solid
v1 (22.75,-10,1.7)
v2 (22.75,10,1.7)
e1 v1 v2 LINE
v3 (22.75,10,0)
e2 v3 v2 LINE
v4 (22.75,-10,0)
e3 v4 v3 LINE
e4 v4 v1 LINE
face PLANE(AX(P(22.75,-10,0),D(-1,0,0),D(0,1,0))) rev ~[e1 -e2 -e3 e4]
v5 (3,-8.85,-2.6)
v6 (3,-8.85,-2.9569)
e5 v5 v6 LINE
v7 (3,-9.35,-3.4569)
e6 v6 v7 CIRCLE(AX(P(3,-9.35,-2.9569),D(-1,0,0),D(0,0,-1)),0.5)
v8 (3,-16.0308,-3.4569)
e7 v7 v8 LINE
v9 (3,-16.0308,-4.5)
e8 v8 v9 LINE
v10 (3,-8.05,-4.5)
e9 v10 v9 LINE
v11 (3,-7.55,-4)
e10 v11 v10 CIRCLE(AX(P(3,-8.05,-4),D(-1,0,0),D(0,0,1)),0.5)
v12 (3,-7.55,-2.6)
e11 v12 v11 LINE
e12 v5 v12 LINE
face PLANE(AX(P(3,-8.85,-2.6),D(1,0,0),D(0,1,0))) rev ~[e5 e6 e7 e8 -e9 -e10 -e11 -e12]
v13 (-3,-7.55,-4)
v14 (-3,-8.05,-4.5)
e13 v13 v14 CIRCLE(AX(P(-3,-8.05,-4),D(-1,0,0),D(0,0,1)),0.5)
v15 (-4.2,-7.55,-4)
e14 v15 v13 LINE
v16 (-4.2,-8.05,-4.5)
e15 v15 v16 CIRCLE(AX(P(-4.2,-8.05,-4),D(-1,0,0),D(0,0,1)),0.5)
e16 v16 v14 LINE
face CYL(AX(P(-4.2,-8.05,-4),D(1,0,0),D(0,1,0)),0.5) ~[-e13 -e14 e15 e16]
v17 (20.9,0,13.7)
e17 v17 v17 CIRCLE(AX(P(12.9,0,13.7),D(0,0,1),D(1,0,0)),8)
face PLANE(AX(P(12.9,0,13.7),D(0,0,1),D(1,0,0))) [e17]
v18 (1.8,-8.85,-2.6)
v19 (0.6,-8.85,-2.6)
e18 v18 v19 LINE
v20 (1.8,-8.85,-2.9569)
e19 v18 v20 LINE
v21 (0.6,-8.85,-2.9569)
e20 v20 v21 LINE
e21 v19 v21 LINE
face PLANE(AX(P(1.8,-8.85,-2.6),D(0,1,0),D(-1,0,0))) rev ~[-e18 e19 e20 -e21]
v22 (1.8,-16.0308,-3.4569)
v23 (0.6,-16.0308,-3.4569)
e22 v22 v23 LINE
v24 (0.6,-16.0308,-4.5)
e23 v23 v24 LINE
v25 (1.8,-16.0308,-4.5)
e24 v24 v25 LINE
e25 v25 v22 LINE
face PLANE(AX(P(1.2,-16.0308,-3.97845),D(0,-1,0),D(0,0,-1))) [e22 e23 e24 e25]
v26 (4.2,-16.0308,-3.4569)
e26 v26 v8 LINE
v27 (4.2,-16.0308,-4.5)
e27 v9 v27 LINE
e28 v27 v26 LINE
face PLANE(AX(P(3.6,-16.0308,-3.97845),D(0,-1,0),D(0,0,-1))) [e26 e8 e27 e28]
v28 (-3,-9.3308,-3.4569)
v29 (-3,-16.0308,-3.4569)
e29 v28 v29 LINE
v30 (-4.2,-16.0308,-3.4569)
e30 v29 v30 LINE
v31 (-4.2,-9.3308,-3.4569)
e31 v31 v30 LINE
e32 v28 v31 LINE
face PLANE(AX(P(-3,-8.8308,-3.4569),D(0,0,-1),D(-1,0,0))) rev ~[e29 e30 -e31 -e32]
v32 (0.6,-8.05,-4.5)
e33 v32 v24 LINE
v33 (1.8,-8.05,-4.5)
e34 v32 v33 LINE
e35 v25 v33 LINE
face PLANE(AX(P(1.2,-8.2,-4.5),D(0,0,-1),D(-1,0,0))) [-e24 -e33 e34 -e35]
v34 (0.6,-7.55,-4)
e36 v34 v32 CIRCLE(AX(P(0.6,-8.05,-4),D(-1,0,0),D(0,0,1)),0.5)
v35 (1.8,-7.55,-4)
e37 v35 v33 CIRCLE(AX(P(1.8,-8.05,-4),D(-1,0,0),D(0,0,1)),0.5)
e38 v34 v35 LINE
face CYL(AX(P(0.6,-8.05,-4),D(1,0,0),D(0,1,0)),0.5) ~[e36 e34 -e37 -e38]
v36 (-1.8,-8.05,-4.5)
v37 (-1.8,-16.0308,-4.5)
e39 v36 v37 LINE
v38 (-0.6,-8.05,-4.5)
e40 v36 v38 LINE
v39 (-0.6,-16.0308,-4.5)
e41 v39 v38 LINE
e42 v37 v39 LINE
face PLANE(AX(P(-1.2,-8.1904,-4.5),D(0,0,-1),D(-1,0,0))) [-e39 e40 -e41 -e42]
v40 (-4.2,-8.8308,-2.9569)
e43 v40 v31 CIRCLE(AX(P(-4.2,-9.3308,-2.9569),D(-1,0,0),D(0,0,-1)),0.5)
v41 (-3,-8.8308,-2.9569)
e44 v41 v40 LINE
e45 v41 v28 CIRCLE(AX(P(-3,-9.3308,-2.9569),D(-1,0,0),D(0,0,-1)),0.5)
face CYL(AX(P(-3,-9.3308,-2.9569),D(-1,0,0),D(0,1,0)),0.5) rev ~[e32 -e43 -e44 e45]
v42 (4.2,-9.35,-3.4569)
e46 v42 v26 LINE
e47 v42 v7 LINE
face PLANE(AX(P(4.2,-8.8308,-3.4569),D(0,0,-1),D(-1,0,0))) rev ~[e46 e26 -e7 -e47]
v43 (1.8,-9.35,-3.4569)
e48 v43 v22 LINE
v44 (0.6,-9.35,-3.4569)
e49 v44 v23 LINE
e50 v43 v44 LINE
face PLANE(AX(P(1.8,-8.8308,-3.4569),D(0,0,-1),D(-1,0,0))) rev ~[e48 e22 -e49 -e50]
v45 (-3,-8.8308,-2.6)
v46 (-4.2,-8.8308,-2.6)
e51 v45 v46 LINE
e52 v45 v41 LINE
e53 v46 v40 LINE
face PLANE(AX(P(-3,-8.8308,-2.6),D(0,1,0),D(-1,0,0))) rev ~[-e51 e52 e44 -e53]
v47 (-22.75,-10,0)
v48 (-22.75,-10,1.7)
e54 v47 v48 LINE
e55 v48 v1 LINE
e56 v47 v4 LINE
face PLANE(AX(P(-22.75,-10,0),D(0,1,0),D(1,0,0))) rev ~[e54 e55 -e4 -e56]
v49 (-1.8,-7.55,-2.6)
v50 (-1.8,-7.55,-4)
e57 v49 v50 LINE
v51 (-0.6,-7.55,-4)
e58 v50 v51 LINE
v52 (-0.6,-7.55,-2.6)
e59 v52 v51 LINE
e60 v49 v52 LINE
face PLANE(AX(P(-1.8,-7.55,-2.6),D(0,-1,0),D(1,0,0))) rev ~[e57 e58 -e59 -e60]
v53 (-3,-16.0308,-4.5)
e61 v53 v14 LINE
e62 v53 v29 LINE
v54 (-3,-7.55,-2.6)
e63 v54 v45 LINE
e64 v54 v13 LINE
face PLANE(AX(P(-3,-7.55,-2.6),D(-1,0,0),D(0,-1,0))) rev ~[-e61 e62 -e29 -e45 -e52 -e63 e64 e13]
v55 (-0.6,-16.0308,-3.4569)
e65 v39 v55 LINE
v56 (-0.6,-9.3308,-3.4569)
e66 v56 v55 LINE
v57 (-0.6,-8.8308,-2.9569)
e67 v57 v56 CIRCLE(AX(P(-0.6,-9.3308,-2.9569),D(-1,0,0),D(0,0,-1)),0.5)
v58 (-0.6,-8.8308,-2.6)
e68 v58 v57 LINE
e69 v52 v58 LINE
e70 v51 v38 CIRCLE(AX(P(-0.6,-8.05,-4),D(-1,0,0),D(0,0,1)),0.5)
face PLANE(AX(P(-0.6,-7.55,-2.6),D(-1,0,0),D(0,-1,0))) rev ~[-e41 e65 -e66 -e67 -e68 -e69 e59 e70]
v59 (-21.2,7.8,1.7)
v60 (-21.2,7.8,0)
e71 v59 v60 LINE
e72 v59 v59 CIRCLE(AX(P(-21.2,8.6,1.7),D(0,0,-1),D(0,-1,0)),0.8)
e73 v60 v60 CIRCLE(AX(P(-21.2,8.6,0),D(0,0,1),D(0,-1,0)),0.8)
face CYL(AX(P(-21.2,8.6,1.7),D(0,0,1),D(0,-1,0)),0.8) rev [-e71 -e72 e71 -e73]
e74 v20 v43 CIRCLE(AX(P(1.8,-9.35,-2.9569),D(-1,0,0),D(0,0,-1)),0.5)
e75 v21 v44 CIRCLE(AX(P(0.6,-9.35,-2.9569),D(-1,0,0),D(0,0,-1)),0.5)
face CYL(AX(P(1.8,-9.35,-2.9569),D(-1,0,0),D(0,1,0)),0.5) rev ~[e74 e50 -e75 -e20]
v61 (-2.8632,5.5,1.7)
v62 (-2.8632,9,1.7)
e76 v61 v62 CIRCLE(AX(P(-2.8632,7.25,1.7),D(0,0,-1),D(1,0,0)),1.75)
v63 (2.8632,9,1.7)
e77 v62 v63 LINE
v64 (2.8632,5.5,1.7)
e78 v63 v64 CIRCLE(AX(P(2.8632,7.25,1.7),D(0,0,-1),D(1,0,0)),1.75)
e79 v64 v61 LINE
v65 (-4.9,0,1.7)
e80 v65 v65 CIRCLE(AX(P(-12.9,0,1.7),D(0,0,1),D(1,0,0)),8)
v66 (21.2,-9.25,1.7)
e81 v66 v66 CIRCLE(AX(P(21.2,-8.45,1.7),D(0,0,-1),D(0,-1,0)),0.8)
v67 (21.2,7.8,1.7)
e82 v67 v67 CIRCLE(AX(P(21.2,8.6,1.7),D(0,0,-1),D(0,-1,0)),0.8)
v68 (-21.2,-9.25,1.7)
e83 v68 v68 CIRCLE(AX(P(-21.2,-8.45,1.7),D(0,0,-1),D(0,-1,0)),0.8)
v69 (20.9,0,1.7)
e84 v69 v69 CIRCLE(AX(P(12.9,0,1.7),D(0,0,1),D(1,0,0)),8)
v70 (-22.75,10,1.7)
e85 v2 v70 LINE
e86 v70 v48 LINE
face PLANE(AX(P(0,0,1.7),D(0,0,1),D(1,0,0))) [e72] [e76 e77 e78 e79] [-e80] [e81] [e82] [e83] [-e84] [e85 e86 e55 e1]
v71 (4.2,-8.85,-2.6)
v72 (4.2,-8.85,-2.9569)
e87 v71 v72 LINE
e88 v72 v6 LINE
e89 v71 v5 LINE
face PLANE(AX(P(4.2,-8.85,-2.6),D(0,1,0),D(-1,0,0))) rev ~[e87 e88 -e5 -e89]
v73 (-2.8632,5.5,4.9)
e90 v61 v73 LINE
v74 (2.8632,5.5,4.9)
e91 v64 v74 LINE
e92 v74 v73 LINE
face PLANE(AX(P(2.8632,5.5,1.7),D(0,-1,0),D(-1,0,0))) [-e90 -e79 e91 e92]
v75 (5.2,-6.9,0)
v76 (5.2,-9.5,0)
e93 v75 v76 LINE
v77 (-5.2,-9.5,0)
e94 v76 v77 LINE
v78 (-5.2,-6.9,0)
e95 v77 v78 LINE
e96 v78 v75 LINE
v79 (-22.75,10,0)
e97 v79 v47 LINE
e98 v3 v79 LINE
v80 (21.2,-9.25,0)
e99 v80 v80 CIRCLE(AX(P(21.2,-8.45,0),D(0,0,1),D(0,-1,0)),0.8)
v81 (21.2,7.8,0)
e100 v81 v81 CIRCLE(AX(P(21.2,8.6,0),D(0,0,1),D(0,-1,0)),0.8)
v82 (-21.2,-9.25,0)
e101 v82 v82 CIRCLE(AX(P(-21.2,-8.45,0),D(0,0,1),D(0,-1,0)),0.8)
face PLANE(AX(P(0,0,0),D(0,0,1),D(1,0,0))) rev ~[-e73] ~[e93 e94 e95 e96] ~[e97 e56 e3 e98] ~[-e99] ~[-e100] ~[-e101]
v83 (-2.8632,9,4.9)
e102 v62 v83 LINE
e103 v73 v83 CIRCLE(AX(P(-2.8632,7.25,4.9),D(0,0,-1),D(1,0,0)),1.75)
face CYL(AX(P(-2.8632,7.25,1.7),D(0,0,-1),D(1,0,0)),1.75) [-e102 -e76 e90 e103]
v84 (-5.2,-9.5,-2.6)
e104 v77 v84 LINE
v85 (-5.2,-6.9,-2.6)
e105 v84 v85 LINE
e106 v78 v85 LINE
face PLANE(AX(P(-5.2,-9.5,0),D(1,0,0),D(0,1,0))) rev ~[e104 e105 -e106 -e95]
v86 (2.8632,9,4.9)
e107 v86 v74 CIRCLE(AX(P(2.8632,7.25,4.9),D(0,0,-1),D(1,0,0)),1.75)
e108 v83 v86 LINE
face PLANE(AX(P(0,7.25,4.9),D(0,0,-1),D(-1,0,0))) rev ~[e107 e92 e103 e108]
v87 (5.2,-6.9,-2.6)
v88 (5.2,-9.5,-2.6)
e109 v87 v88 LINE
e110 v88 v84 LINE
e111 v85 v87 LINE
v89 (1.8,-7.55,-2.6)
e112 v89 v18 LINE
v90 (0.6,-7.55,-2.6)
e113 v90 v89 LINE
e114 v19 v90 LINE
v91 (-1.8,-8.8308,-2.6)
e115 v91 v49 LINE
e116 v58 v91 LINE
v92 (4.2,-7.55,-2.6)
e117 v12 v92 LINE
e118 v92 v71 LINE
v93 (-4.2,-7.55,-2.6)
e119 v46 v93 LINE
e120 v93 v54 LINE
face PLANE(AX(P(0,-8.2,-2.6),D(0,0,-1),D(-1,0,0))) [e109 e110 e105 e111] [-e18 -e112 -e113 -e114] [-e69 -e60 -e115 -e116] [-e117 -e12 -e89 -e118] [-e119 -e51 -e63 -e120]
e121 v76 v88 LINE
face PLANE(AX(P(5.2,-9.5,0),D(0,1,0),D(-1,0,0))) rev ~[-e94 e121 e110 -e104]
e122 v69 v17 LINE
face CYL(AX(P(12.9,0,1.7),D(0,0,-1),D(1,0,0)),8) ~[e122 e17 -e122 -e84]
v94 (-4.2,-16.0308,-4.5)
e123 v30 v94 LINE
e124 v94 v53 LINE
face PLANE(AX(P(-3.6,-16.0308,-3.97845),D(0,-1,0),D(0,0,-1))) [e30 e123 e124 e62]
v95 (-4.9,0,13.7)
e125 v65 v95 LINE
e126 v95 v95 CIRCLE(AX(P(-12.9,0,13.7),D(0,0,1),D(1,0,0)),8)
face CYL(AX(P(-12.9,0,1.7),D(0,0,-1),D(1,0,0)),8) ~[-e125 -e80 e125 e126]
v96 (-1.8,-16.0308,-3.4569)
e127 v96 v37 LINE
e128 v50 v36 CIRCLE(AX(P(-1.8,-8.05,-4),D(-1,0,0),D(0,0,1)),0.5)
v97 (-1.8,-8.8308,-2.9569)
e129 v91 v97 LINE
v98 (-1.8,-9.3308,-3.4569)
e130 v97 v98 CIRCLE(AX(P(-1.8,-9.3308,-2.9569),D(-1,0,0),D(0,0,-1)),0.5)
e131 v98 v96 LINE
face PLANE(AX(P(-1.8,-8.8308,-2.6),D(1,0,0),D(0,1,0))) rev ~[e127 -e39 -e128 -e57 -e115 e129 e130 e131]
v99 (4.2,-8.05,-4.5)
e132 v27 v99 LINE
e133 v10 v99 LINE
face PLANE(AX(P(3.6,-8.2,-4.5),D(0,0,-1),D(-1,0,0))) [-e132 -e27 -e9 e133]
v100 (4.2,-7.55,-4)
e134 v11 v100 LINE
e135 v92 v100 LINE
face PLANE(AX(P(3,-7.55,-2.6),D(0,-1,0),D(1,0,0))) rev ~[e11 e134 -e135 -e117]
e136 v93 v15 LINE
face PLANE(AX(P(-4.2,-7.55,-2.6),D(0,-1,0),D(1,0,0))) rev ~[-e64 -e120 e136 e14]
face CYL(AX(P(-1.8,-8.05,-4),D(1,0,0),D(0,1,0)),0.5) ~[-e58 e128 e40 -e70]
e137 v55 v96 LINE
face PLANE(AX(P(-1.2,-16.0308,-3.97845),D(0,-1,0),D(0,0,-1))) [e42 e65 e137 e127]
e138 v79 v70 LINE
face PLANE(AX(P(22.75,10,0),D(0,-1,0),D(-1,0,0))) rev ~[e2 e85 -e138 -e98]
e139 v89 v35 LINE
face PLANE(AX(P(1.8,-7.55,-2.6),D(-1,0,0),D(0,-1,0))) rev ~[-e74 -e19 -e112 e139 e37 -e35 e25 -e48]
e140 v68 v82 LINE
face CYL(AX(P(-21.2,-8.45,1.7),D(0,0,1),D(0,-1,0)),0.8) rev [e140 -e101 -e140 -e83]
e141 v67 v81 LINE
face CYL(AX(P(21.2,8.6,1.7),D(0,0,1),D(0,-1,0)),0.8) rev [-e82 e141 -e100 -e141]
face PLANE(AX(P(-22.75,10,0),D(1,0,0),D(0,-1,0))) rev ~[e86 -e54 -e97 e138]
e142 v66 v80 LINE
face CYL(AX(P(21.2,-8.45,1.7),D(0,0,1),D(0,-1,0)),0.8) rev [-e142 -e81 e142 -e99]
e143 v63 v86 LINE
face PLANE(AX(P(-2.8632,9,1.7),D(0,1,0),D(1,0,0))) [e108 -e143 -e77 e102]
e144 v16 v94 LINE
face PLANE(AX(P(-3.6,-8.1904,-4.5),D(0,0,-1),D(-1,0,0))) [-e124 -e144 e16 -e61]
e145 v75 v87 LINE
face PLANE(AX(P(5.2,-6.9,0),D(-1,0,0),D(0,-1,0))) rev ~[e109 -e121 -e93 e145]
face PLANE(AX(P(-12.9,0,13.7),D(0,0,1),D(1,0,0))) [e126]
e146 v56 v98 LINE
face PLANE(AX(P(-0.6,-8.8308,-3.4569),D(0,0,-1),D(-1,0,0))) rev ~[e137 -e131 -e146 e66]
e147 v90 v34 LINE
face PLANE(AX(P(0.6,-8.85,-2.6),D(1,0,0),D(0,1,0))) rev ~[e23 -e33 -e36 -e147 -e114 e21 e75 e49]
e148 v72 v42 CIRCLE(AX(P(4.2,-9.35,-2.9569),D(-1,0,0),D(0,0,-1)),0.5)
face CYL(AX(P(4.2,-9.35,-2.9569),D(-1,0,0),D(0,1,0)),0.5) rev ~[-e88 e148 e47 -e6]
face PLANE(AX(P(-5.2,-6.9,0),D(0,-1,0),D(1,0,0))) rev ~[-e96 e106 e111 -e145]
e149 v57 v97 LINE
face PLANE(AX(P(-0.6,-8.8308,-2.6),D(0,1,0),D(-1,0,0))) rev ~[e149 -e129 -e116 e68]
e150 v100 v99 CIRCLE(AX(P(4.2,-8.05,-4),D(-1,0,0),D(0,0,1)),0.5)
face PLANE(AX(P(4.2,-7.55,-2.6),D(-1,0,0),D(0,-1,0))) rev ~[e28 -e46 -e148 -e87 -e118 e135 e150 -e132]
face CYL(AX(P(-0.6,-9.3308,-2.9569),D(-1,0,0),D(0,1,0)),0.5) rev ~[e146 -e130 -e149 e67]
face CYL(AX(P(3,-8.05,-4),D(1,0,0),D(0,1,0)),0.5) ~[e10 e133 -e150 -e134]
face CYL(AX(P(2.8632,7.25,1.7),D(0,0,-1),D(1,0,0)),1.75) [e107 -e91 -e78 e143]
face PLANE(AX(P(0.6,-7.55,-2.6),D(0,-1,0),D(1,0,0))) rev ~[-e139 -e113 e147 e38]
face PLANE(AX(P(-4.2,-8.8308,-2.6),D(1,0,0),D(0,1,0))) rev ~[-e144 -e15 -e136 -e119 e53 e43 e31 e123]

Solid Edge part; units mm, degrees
sketch "Sketch1" plane through (0, 0, 0) normal (0, 0, 1) x (1, 0, 0)
  line L0 (-22.75, -10) -> (22.75, -10)
  line L1 (22.75, -10) -> (22.75, 10)
  line L2 (22.75, 10) -> (-22.75, 10)
  line L3 (-22.75, 10) -> (-22.75, -10)
  dimension "D1" = 20
  dimension "D2" = 45.5
extrude "Protrusion1" add sketch "Sketch1" along normal blind 1.7
sketch "Sketch2" plane through (0, 0, 1.7) normal (0, 0, 1) x (1, 0, 0)
  circle A0 centre (-12.9, 0) radius 8
  circle A1 centre (12.9, 0) radius 8
  dimension "D1" = 16
  dimension "D2" = 16
  dimension "D3" = 25.8
extrude "ProtrusiónExtruida_2" add sketch "Sketch2" along normal blind 12
sketch "Sketch3" plane through (0, 0, 1.7) normal (0, 0, 1) x (1, 0, 0)
  line L0 (-2.8632, 9) -> (2.8632, 9)
  arc A0 (2.8632, 9) -> (2.8632, 5.5) centre (2.8632, 7.25) cw
  line L1 (2.8632, 5.5) -> (-2.8632, 5.5)
  arc A1 (-2.8632, 5.5) -> (-2.8632, 9) centre (-2.8632, 7.25) cw
  dimension "D1" = 1.75
  dimension "D2" = 19
extrude "ProtrusiónExtruida_3" add sketch "Sketch3" along normal blind 3.2
sketch "Sketch4" plane through (0, 0, 0) normal (0, 0, -1) x (-1, 0, 0)
  line L0 (-5.2, -9.5) -> (5.2, -9.5)
  line L1 (5.2, -9.5) -> (5.2, -6.9)
  line L2 (5.2, -6.9) -> (-5.2, -6.9)
  line L3 (-5.2, -6.9) -> (-5.2, -9.5)
  dimension "D1" = 2.6
  dimension "D2" = 10.4
  dimension "D3" = 0.5
extrude "ProtrusiónExtruida_6" add sketch "Sketch4" along normal blind 2.6
sketch "Sketch5" plane through (0, -8.2, -2.6) normal (0, 0, -1) x (-1, 0, 0)
  line L0 (-4.2, -0.65) -> (-3, -0.65)
  line L1 (-3, -0.65) -> (-3, 0.65)
  line L2 (-3, 0.65) -> (-4.2, 0.65)
  line L3 (-4.2, 0.65) -> (-4.2, -0.65)
  line L4 (-1.8, -0.65) -> (-0.6, -0.65)
  line L5 (-0.6, -0.65) -> (-0.6, 0.65)
  line L6 (-0.6, 0.65) -> (-1.8, 0.65)
  line L7 (-1.8, 0.65) -> (-1.8, -0.65)
  line L8 (0.6, -0.6308) -> (1.8, -0.6308)
  line L9 (1.8, -0.6308) -> (1.8, 0.65)
  line L10 (1.8, 0.65) -> (0.6, 0.65)
  line L11 (0.6, 0.65) -> (0.6, -0.6308)
  line L12 (3, -0.6308) -> (4.2, -0.6308)
  line L13 (4.2, -0.6308) -> (4.2, 0.65)
  line L14 (4.2, 0.65) -> (3, 0.65)
  line L15 (3, 0.65) -> (3, -0.6308)
  dimension "D1" = 1.2
  dimension "D2" = 1.3
  dimension "D3" = 1.2
  dimension "D4" = 1.2
  dimension "D5" = 1.2
  dimension "D6" = 1
  dimension "D7" = 1
extrude "ProtrusiónExtruida_8" add sketch "Sketch5" along normal blind 1.9
sketch "Sketch6" plane through (-3.6, -8.8308, -3.55) normal (0, -1, 0) x (-1, 0, 0)
  line L0 (-7.8, -0.0931) -> (-6.6, -0.0931)
  line L1 (-6.6, -0.0931) -> (-6.6, 0.95)
  line L2 (-6.6, 0.95) -> (-7.8, 0.95)
  line L3 (-7.8, 0.95) -> (-7.8, -0.0931)
  line L4 (-5.4, -0.0931) -> (-4.2, -0.0931)
  line L5 (-4.2, -0.0931) -> (-4.2, 0.95)
  line L6 (-4.2, 0.95) -> (-5.4, 0.95)
  line L7 (-5.4, 0.95) -> (-5.4, -0.0931)
  line L8 (-3, -0.0931) -> (-1.8, -0.0931)
  line L9 (-1.8, -0.0931) -> (-1.8, 0.95)
  line L10 (-1.8, 0.95) -> (-3, 0.95)
  line L11 (-3, 0.95) -> (-3, -0.0931)
  line L12 (-0.6, -0.0931) -> (0.6, -0.0931)
  line L13 (0.6, -0.0931) -> (0.6, 0.95)
  line L14 (0.6, 0.95) -> (-0.6, 0.95)
  line L15 (-0.6, 0.95) -> (-0.6, -0.0931)
extrude "ProtrusiónExtruida_9" add sketch "Sketch6" along normal blind 7.2
fillet "Redondeo_1" radius 0.5 8 edges at (3.6, -7.55, -4.5) (1.2, -7.55, -4.5) (-1.2, -7.55, -4.5) (-3.6, -7.55, -4.5) (3.6, -8.85, -3.4569) (1.2, -8.85, -3.4569) (-1.2, -8.8308, -3.4569) (-3.6, -8.8308, -3.4569)
hole "Agujero_1" at (-21.2, 8.6, 1.7) direction (0, 0, -1) diameter 1.6 end up to next
hole "Hole1" at (-21.2, -8.45, 1.7) direction (0, 0, -1) diameter 1.6 end up to next
hole "Hole2" at (21.2, 8.6, 1.7) direction (0, 0, -1) diameter 1.6 end up to next
hole "Hole3" at (21.2, -8.45, 1.7) direction (0, 0, -1) diameter 1.6 end up to next
